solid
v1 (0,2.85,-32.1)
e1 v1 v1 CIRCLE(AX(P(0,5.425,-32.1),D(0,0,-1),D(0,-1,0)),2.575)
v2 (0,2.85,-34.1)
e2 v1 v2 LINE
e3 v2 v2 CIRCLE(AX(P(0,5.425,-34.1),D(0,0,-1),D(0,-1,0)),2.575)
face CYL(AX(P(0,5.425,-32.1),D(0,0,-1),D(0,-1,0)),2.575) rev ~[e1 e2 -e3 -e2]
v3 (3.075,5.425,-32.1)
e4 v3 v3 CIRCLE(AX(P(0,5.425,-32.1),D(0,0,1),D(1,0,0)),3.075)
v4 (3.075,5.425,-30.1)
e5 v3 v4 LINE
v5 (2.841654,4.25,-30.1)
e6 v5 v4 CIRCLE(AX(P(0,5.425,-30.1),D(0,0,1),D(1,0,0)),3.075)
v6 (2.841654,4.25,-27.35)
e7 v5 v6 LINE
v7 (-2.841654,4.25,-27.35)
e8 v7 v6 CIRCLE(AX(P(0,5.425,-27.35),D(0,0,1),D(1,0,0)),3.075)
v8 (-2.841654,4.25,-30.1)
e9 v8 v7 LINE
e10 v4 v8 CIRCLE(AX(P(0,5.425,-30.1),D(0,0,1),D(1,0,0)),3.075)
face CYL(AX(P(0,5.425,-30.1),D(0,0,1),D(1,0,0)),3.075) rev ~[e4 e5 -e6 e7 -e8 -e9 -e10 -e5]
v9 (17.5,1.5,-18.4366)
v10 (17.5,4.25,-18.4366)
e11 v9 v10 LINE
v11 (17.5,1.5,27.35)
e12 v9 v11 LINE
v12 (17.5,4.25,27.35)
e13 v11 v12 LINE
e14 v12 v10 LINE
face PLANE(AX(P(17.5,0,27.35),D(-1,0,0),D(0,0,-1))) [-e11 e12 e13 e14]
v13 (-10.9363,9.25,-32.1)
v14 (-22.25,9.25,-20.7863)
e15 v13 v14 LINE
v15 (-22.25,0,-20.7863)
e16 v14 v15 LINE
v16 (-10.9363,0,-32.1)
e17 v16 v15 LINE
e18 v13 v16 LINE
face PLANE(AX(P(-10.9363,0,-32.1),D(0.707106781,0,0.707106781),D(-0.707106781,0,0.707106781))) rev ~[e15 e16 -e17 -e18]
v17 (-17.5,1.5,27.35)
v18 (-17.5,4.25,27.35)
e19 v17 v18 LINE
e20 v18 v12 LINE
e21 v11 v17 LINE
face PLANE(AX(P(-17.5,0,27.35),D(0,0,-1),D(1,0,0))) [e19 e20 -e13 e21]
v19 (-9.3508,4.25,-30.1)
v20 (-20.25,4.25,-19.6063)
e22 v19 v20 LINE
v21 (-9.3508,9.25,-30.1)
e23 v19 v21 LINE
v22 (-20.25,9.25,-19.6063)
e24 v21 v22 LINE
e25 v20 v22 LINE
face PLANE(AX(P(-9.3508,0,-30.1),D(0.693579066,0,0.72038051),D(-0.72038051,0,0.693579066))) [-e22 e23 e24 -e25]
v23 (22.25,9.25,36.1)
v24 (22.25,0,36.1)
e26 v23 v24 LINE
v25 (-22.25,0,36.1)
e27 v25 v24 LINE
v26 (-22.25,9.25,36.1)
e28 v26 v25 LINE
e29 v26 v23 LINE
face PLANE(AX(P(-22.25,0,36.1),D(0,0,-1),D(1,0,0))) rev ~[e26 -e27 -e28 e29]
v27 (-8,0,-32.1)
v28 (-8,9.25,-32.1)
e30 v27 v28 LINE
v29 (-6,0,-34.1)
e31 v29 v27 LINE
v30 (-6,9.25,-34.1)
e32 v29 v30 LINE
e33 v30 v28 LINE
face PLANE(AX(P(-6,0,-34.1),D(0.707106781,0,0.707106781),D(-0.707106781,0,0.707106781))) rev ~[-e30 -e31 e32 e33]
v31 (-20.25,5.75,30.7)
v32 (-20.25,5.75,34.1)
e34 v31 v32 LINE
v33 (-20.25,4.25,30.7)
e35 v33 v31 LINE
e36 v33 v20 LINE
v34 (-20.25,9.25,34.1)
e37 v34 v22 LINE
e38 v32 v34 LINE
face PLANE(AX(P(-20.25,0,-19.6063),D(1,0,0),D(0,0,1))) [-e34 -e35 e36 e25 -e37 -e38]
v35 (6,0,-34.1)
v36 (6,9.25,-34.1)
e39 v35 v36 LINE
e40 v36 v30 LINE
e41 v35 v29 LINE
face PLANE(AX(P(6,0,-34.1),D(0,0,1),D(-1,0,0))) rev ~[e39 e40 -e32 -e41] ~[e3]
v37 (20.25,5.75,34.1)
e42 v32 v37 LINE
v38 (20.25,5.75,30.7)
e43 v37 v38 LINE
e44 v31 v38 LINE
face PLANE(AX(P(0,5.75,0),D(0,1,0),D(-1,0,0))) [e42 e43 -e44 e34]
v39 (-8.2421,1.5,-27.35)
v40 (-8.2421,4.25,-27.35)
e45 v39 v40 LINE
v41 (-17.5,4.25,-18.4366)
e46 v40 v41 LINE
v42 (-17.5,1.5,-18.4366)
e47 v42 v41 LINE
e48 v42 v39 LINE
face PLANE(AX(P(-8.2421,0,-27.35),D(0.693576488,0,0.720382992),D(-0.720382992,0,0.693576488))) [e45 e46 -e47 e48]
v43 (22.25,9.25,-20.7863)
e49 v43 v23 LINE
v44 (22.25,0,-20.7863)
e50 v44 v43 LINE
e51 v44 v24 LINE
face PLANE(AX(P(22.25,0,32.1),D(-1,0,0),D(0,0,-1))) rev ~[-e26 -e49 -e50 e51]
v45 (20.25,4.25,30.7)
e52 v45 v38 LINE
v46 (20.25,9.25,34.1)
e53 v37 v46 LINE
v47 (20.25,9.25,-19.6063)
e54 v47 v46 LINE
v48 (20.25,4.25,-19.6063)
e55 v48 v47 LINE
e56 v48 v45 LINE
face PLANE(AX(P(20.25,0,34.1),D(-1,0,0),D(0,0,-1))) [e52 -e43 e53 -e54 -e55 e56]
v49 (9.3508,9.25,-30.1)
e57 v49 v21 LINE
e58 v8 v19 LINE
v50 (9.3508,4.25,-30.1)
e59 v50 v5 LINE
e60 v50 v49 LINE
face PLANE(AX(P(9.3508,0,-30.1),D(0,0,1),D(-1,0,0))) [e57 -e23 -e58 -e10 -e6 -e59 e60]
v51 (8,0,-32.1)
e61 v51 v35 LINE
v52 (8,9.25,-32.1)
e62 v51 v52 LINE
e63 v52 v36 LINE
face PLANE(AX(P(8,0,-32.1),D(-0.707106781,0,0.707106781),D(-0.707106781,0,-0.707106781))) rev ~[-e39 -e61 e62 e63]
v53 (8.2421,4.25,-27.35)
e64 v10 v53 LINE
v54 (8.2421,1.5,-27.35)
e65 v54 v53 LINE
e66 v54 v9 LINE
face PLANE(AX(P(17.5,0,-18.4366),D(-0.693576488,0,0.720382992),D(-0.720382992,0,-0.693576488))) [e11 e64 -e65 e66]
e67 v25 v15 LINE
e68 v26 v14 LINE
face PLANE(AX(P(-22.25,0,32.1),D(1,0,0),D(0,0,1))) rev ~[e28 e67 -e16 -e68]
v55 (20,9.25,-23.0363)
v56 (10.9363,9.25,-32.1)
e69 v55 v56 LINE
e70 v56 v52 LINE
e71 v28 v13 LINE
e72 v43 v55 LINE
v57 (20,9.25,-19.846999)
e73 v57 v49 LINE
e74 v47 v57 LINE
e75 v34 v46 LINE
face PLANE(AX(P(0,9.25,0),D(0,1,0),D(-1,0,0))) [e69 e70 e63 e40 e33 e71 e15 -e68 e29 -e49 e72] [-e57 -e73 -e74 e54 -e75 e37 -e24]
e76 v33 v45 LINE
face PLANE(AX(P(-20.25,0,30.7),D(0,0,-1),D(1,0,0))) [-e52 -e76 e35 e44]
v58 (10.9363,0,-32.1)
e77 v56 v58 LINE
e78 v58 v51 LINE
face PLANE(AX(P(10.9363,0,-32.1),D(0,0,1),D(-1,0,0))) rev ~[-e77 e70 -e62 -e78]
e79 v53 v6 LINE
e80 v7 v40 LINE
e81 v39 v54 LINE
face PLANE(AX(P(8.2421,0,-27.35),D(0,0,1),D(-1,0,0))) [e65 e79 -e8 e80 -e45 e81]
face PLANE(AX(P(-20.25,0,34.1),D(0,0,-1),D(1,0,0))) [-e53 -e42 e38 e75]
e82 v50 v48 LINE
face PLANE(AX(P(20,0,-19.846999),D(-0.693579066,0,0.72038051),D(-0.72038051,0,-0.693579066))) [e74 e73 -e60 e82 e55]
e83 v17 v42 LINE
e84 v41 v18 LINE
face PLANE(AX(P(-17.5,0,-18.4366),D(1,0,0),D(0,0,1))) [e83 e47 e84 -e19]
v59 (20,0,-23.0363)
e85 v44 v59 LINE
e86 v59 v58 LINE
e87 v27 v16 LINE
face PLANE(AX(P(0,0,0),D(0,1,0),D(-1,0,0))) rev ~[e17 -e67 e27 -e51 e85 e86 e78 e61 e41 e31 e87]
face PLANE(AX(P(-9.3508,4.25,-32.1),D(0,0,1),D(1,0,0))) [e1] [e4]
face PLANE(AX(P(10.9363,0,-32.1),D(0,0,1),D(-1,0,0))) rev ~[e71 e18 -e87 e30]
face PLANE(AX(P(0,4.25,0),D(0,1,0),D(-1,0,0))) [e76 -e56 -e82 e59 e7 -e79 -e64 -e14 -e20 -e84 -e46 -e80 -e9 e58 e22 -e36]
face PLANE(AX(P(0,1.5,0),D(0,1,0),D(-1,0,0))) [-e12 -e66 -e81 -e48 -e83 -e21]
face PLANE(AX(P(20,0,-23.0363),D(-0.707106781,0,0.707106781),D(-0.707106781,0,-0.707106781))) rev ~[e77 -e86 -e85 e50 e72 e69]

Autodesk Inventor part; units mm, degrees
ref_plane "YZ Plane" through (0, 0, 0) normal (1, 0, 0) x (0, 1, 0)
ref_plane "XZ Plane" through (0, 0, 0) normal (0, 1, 0) x (-1, 0, 0)
ref_plane "XY Plane" through (0, 0, 0) normal (0, 0, 1) x (1, 0, 0)
sketch "Náčrt1" plane through (0, 0, 0) normal (0, 1, 0) x (-1, 0, 0)
  line L0 (20, -19.5) -> (20, 29.85) construction
  line L1 (20, 29.85) -> (-20, 29.85) construction
  line L2 (-20, 29.85) -> (-20, -19.5) construction
  line L3 (-20, -19.5) -> (-9.25, -29.85) construction
  line L4 (-9.25, -29.85) -> (9.25, -29.85) construction
  line L5 (9.25, -29.85) -> (20, -19.5) construction
  line L6 (0, 0) -> (20, 29.85) construction
  line L7 (0, 0) -> (-20, 29.85) construction
  line L8 (0, 0) -> (-20, -29.85) construction
  line L9 (-20, -29.85) -> (-9.25, -29.85) construction
  line L10 (-20, -29.85) -> (-20, -19.5)
  line L11 (17.5, -18.4366) -> (17.5, 27.35)
  line L12 (17.5, 27.35) -> (-17.5, 27.35)
  line L13 (-17.5, 27.35) -> (-17.5, -18.4366)
  line L14 (-17.5, -18.4366) -> (-8.2421, -27.35)
  line L15 (-8.2421, -27.35) -> (8.2421, -27.35)
  line L16 (8.2421, -27.35) -> (17.5, -18.4366)
  line L17 (20.25, -19.6063) -> (20.25, 30.1)
  line L18 (20.25, 30.1) -> (-20.25, 30.1)
  line L19 (-20.25, 30.1) -> (-20.25, -19.6063)
  line L20 (-20.25, -19.6063) -> (-9.3508, -30.1)
  line L21 (-9.3508, -30.1) -> (9.3508, -30.1)
  line L22 (9.3508, -30.1) -> (20.25, -19.6063)
  line L23 (22.25, -20.7863) -> (22.25, 32.1)
  line L24 (22.25, 32.1) -> (-22.25, 32.1) construction
  line L25 (-22.25, 32.1) -> (-22.25, -20.7863)
  line L26 (-22.25, -20.7863) -> (-10.9363, -32.1)
  line L27 (-10.9363, -32.1) -> (10.9363, -32.1)
  line L28 (10.9363, -32.1) -> (22.25, -20.7863)
  line L29 (20.25, 30.1) -> (20.25, 34.1)
  line L30 (20.25, 34.1) -> (-20.25, 34.1)
  line L31 (-20.25, 34.1) -> (-20.25, 30.1)
  line L32 (22.25, 32.1) -> (22.25, 36.1)
  line L33 (22.25, 36.1) -> (-22.25, 36.1)
  line L34 (-22.25, 36.1) -> (-22.25, 32.1)
  line L35 (20.25, 30.7) -> (-20.25, 30.7)
  point P0 (0, -32.1)
  dimension "d0" = 40
  dimension "d1" = 59.7
  dimension "d2" = 18.5
  dimension "d4" = 49.35
  dimension "d6" = 2.5
  dimension "d9" = 4
  dimension "d10" = 2
  dimension "d19" = 0.25
  dimension "d20" = 2
  dimension "d21" = 135
  dimension "d22" = 2
  dimension "d24" = 16
  dimension "d45" = 0.6
extrude "Vysunutí1" add sketch "Náčrt1" along normal blind 1.5 contours L20 L19 L18 L17 L22 L21 | L26 L25 L34 L33 L32 L23 L28 L27 | L31 L35 L29 L18 | L31 L30 L29 L35 | L16 L15 L14 L13 L12 L11
extrude "Vysunutí2" add sketch "Náčrt1" along normal blind 4.25 contours L20 L19 L18 L17 L22 L21 | L31 L35 L29 L18
extrude "Vysunutí3" add sketch "Náčrt1" along normal blind 5.75 contours L31 L30 L29 L35
extrude "Vysunutí4" add sketch "Náčrt1" along normal blind 9.25 contours L26 L25 L34 L33 L32 L23 L28 L27
sketch "Náčrt2" plane through (0, 0, 0) normal (0, -1, 0) x (1, 0, 0)
  line L0 (10.9363, -32.1) -> (-10.9363, -32.1) projected
  line L1 (22.25, -20.7863) -> (10.9363, -32.1) projected
  line L2 (22.25, 36.1) -> (22.25, -20.7863) projected
  line L3 (-22.25, 36.1) -> (22.25, 36.1) projected
  line L4 (-22.25, -20.7863) -> (-22.25, 36.1) projected
  line L5 (-10.9363, -32.1) -> (-22.25, -20.7863) projected
  line L6 (8, -32.1) -> (6, -34.1)
  line L7 (6, -34.1) -> (-6, -34.1)
  line L8 (-6, -34.1) -> (-8, -32.1)
  line L9 (10.9363, -32.1) -> (-10.9363, -32.1) projected
  line L10 (10.9363, -32.1) -> (6, -34.1) construction
  line L11 (-6, -34.1) -> (-10.9363, -32.1) construction
  point P0 (0, 0)
  dimension "d25" = 45
  dimension "d26" = 2
  dimension "d27" = 12
extrude "Vysunutí5" add sketch "Náčrt2" against normal up to surface (9.25 mm away) contours L6 L7 L8 L0
sketch "Náčrt3" plane through (-9.3508, 4.25, -30.1) normal (0, 0, 1) x (1, 0, 0)
  line L0 (18.7016, 0) -> (0, 0) projected
  line L1 (18.7016, 0) -> (18.7016, 5) projected
  line L2 (0, 5) -> (18.7016, 5) projected
  line L3 (0, 0) -> (0, 5) projected
  line L4 (17.5929, -2.75) -> (1.1087, -2.75) projected
  line L5 (17.5929, -2.75) -> (17.5929, 0) projected
  line L6 (1.1087, 0) -> (17.5929, 0) projected
  line L7 (1.1087, -2.75) -> (1.1087, 0) projected
  circle A0 centre (9.3508, 1.175) radius 3.075
  line L8 (3.3508, 5) -> (15.3508, 5) projected
  line L9 (15.3508, -4.25) -> (15.3508, 5) projected
  line L10 (3.3508, -4.25) -> (15.3508, -4.25) projected
  line L11 (3.3508, -4.25) -> (3.3508, 5) projected
  line L12 (29.6008, 1.5) -> (-10.8992, 1.5) projected
  point P0 (9.3508, -4.25)
  point P1 (29.6008, 0.83)
  point P2 (-10.8992, 0.83)
  point P3 (9.3508, 5)
  point P4 (9.3508, 1.5)
  point P5 (9.3508, 5)
  point P6 (9.3508, 0)
  point P7 (9.3508, -2.75)
  point P8 (-10.8992, 1.5)
  dimension "d31" = 6.15
  dimension "d46" = 2.75
extrude "Vysunutí6" cut sketch "Náčrt3" along normal blind 7 and the other way blind 2 contours A0 L0 | L0 A0 L12 | L12 A0
sketch "Náčrt4" plane through (0, 5.425, -32.1) normal (0, 0, 1) x (1, 0, 0)
  circle A0 centre (0, 0) radius 3.075 projected
  point P0 (0, -5.425)
  point P1 (-1.4433, 2.63)
  point P2 (1.4433, 2.63)
  point P3 (-1.199, 2.75)
  point P4 (1.199, 2.75)
hole "Díra1" at (0, 5.425, -32.1) direction (0, 0, -1) diameter 5.15 end through all
equation "\"d10\" = d8"
equation "\"d8\" = 2"
properties part number "rc5_box_2"
